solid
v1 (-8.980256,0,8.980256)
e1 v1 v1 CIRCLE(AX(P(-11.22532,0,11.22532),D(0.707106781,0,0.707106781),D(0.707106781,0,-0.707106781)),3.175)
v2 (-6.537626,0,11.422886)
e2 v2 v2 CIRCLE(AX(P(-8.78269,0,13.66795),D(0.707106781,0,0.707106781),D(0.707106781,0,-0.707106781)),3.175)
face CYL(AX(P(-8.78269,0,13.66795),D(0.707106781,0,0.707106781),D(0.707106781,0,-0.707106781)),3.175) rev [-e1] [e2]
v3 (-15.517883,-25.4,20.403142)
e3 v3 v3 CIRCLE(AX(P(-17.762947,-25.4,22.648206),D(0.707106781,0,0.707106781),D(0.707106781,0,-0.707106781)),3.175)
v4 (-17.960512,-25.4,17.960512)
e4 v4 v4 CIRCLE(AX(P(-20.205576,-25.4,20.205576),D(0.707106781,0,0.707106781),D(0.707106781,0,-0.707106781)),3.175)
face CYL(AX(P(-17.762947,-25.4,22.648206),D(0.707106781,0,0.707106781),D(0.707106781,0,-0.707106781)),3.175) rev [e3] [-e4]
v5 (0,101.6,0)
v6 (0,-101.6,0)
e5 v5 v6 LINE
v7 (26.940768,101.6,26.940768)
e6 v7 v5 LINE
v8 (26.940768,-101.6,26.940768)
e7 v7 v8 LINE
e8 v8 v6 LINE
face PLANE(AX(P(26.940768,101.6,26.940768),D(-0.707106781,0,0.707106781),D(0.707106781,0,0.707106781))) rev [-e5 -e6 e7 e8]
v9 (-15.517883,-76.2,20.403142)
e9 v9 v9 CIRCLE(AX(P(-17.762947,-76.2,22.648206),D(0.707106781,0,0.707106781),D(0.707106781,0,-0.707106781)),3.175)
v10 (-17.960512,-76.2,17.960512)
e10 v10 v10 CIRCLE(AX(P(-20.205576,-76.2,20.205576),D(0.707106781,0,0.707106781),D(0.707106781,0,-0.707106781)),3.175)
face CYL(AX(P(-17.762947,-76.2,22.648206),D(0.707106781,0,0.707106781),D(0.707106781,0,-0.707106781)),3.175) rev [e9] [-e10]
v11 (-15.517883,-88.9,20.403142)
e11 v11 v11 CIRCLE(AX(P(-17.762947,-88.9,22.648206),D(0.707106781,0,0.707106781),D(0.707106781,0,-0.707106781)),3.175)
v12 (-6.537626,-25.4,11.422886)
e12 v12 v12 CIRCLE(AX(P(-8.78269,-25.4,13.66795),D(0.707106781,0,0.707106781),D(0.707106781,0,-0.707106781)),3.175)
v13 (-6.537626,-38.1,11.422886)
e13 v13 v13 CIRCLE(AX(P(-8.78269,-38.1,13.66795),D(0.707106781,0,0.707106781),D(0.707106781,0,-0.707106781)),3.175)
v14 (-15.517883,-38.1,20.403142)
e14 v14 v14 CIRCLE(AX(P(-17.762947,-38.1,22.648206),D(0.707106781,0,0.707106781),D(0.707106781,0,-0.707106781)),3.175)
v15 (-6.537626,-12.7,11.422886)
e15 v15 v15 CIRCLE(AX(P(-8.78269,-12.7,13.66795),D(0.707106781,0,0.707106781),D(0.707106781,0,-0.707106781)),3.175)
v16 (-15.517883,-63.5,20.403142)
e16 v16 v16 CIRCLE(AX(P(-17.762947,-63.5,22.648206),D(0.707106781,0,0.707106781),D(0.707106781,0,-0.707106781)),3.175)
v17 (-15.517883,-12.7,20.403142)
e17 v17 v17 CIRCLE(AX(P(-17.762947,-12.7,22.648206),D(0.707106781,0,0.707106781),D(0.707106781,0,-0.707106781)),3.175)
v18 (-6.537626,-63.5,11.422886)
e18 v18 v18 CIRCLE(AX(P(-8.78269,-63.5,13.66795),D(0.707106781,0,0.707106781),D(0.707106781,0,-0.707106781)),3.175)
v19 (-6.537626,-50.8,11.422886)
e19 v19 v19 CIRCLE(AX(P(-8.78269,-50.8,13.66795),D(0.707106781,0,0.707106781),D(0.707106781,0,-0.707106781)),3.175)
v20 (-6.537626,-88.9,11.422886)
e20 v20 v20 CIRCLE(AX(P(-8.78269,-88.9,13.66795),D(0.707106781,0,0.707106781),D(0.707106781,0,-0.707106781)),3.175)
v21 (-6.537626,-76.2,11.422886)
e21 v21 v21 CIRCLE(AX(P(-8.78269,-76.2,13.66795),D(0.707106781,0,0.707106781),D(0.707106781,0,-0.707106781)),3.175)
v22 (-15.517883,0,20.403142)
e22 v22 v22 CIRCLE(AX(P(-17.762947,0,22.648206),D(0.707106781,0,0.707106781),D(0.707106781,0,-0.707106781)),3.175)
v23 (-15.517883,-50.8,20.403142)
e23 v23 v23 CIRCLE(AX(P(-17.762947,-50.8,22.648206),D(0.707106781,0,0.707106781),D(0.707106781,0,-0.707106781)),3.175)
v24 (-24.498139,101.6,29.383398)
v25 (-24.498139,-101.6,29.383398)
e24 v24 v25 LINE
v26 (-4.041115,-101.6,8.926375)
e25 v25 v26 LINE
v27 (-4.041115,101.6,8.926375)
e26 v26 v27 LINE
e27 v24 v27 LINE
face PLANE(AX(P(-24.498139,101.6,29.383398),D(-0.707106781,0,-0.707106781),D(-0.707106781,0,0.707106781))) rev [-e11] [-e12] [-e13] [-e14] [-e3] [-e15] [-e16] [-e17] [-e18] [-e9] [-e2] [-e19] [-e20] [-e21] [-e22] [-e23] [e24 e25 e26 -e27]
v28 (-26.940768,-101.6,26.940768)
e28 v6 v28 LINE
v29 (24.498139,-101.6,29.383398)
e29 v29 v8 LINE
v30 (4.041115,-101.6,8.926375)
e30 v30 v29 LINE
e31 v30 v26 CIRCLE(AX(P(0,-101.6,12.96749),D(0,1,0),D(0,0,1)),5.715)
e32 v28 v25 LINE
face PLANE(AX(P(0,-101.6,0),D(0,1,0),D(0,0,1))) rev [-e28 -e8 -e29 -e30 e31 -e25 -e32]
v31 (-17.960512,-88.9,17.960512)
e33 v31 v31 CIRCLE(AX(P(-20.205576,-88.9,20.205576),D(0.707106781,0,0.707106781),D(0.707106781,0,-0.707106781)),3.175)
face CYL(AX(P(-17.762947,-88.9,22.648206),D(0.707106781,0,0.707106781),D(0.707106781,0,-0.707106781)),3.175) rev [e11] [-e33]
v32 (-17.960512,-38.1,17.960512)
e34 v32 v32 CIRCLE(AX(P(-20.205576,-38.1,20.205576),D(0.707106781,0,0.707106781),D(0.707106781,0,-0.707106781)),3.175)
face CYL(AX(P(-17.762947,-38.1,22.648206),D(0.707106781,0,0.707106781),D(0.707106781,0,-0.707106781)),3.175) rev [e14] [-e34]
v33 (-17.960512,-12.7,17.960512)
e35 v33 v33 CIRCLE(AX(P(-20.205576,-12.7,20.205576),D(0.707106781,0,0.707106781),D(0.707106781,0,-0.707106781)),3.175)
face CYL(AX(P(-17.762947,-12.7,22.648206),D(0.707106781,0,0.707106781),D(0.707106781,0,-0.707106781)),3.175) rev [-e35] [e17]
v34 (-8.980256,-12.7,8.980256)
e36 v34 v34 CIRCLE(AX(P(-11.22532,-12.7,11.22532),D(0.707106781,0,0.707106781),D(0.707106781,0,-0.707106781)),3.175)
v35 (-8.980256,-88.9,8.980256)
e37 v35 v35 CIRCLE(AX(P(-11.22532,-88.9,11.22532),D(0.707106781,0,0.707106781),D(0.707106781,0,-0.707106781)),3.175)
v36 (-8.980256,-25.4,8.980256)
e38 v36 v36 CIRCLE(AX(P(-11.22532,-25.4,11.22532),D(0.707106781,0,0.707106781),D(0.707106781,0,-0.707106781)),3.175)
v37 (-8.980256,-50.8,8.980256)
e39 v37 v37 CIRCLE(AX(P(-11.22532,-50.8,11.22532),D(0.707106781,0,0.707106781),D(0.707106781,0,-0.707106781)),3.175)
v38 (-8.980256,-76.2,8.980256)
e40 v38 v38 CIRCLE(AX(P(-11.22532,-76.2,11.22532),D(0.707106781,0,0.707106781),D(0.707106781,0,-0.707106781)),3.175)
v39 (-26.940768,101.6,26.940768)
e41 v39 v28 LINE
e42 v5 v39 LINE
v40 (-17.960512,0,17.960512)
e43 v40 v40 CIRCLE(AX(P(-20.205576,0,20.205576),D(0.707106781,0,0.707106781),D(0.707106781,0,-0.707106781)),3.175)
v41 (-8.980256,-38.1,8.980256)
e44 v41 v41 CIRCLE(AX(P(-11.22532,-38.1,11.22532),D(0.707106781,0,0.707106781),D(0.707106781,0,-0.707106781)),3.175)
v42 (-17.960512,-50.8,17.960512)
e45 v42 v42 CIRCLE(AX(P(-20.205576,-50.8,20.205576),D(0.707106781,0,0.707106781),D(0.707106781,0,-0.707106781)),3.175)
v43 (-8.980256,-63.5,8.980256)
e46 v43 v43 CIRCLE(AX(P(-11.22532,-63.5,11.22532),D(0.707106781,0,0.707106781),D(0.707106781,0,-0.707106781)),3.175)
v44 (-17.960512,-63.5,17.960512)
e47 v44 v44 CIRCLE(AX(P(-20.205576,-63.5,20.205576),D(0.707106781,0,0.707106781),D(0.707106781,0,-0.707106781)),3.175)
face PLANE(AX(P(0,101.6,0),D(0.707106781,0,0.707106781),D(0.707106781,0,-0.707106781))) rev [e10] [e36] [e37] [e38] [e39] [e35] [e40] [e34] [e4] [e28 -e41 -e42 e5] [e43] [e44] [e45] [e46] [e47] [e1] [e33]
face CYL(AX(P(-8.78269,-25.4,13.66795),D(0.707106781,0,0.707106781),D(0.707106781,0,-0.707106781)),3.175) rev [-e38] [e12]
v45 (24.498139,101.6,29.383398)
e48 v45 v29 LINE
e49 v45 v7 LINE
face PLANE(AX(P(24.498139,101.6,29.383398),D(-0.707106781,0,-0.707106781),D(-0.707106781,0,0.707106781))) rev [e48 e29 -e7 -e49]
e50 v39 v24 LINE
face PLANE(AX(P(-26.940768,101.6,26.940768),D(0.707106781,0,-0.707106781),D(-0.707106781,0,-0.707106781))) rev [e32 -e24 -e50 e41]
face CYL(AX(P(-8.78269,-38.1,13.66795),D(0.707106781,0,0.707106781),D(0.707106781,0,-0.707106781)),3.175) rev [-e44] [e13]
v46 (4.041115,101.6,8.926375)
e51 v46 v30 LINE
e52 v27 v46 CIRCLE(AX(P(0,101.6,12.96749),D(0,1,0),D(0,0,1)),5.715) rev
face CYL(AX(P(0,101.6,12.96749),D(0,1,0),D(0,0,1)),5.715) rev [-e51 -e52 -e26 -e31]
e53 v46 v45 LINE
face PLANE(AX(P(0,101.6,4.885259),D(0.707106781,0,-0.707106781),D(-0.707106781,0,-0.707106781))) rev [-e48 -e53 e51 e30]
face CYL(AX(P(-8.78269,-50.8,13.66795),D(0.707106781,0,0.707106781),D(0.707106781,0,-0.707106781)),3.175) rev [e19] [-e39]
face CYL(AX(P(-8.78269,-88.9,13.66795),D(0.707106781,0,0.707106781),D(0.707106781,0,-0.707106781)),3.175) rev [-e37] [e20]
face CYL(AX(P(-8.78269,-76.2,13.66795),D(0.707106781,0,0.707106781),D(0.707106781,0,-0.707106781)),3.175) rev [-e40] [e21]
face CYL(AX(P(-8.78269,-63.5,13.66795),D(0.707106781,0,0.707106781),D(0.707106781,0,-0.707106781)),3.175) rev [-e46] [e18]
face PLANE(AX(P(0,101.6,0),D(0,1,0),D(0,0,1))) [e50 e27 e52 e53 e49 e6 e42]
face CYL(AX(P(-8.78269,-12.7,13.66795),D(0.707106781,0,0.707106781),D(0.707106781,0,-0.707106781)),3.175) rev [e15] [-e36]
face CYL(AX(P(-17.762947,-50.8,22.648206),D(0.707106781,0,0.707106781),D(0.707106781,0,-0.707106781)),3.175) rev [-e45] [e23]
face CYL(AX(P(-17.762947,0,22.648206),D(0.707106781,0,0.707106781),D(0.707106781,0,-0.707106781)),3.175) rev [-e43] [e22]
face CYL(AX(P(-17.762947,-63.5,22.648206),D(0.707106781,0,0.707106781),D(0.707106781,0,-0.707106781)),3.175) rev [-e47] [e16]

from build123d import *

# Parameters (mm, degrees)
BOSS_EXTRUDE1_DEPTH             = 101.6
FILLET1_R                       = 5.715
F_1_4_0_25_DIAMETER_HOLE1_D     = 6.35
F_1_4_0_25_DIAMETER_HOLE1_DEPTH = 3.4544
LPATTERN1_COUNT                 = 2
LPATTERN1_PITCH                 = 12.7
LPATTERN1_COUNT_DIR2            = 8
LPATTERN1_PITCH_DIR2            = 12.7


with BuildPart() as part:
    # Sketch1 → Boss-Extrude1 (new body, symmetric)
    with BuildSketch(Plane(origin=(0, 0, 0), x_dir=(1, 0, 0), z_dir=(0, 1, 0))):
        Polygon((0, 0), (-26.940768363, -26.940768363), (-24.498138698, -29.383398028), (0, -4.88525933), (24.498138698, -29.383398028), (26.940768363, -26.940768363), align=None)
    extrude(amount=BOSS_EXTRUDE1_DEPTH, both=True)

    # Fillet1
    fillet1_edges = [part.edges().sort_by_distance(p)[0] for p in [
        (0, 0, 4.88525933),
    ]]
    fillet(fillet1_edges, radius=FILLET1_R)

    # 1/4 (0.25) Diameter Hole1
    with Locations(Plane(origin=(2.442629665, 0, 2.442629665), x_dir=(0.707106781, 0, -0.707106781), z_dir=(0.707106781, 0, 0.707106781))):
        with Locations((-28.575, 0)):
            f_1_4_0_25_diameter_hole1 = Hole(F_1_4_0_25_DIAMETER_HOLE1_D / 2, depth=F_1_4_0_25_DIAMETER_HOLE1_DEPTH)

    # LPattern1: 1_4 _0.25_ Diameter Hole1 2 × 8
    with Locations(*[Vector(0.707106781, 0, -0.707106781) * (i * LPATTERN1_PITCH) + Vector(0, -1, 0) * (j * LPATTERN1_PITCH_DIR2) for i in range(LPATTERN1_COUNT) for j in range(LPATTERN1_COUNT_DIR2) if (i, j) != (0, 0)]):
        add(f_1_4_0_25_diameter_hole1, mode=Mode.SUBTRACT)


solid = part.part
